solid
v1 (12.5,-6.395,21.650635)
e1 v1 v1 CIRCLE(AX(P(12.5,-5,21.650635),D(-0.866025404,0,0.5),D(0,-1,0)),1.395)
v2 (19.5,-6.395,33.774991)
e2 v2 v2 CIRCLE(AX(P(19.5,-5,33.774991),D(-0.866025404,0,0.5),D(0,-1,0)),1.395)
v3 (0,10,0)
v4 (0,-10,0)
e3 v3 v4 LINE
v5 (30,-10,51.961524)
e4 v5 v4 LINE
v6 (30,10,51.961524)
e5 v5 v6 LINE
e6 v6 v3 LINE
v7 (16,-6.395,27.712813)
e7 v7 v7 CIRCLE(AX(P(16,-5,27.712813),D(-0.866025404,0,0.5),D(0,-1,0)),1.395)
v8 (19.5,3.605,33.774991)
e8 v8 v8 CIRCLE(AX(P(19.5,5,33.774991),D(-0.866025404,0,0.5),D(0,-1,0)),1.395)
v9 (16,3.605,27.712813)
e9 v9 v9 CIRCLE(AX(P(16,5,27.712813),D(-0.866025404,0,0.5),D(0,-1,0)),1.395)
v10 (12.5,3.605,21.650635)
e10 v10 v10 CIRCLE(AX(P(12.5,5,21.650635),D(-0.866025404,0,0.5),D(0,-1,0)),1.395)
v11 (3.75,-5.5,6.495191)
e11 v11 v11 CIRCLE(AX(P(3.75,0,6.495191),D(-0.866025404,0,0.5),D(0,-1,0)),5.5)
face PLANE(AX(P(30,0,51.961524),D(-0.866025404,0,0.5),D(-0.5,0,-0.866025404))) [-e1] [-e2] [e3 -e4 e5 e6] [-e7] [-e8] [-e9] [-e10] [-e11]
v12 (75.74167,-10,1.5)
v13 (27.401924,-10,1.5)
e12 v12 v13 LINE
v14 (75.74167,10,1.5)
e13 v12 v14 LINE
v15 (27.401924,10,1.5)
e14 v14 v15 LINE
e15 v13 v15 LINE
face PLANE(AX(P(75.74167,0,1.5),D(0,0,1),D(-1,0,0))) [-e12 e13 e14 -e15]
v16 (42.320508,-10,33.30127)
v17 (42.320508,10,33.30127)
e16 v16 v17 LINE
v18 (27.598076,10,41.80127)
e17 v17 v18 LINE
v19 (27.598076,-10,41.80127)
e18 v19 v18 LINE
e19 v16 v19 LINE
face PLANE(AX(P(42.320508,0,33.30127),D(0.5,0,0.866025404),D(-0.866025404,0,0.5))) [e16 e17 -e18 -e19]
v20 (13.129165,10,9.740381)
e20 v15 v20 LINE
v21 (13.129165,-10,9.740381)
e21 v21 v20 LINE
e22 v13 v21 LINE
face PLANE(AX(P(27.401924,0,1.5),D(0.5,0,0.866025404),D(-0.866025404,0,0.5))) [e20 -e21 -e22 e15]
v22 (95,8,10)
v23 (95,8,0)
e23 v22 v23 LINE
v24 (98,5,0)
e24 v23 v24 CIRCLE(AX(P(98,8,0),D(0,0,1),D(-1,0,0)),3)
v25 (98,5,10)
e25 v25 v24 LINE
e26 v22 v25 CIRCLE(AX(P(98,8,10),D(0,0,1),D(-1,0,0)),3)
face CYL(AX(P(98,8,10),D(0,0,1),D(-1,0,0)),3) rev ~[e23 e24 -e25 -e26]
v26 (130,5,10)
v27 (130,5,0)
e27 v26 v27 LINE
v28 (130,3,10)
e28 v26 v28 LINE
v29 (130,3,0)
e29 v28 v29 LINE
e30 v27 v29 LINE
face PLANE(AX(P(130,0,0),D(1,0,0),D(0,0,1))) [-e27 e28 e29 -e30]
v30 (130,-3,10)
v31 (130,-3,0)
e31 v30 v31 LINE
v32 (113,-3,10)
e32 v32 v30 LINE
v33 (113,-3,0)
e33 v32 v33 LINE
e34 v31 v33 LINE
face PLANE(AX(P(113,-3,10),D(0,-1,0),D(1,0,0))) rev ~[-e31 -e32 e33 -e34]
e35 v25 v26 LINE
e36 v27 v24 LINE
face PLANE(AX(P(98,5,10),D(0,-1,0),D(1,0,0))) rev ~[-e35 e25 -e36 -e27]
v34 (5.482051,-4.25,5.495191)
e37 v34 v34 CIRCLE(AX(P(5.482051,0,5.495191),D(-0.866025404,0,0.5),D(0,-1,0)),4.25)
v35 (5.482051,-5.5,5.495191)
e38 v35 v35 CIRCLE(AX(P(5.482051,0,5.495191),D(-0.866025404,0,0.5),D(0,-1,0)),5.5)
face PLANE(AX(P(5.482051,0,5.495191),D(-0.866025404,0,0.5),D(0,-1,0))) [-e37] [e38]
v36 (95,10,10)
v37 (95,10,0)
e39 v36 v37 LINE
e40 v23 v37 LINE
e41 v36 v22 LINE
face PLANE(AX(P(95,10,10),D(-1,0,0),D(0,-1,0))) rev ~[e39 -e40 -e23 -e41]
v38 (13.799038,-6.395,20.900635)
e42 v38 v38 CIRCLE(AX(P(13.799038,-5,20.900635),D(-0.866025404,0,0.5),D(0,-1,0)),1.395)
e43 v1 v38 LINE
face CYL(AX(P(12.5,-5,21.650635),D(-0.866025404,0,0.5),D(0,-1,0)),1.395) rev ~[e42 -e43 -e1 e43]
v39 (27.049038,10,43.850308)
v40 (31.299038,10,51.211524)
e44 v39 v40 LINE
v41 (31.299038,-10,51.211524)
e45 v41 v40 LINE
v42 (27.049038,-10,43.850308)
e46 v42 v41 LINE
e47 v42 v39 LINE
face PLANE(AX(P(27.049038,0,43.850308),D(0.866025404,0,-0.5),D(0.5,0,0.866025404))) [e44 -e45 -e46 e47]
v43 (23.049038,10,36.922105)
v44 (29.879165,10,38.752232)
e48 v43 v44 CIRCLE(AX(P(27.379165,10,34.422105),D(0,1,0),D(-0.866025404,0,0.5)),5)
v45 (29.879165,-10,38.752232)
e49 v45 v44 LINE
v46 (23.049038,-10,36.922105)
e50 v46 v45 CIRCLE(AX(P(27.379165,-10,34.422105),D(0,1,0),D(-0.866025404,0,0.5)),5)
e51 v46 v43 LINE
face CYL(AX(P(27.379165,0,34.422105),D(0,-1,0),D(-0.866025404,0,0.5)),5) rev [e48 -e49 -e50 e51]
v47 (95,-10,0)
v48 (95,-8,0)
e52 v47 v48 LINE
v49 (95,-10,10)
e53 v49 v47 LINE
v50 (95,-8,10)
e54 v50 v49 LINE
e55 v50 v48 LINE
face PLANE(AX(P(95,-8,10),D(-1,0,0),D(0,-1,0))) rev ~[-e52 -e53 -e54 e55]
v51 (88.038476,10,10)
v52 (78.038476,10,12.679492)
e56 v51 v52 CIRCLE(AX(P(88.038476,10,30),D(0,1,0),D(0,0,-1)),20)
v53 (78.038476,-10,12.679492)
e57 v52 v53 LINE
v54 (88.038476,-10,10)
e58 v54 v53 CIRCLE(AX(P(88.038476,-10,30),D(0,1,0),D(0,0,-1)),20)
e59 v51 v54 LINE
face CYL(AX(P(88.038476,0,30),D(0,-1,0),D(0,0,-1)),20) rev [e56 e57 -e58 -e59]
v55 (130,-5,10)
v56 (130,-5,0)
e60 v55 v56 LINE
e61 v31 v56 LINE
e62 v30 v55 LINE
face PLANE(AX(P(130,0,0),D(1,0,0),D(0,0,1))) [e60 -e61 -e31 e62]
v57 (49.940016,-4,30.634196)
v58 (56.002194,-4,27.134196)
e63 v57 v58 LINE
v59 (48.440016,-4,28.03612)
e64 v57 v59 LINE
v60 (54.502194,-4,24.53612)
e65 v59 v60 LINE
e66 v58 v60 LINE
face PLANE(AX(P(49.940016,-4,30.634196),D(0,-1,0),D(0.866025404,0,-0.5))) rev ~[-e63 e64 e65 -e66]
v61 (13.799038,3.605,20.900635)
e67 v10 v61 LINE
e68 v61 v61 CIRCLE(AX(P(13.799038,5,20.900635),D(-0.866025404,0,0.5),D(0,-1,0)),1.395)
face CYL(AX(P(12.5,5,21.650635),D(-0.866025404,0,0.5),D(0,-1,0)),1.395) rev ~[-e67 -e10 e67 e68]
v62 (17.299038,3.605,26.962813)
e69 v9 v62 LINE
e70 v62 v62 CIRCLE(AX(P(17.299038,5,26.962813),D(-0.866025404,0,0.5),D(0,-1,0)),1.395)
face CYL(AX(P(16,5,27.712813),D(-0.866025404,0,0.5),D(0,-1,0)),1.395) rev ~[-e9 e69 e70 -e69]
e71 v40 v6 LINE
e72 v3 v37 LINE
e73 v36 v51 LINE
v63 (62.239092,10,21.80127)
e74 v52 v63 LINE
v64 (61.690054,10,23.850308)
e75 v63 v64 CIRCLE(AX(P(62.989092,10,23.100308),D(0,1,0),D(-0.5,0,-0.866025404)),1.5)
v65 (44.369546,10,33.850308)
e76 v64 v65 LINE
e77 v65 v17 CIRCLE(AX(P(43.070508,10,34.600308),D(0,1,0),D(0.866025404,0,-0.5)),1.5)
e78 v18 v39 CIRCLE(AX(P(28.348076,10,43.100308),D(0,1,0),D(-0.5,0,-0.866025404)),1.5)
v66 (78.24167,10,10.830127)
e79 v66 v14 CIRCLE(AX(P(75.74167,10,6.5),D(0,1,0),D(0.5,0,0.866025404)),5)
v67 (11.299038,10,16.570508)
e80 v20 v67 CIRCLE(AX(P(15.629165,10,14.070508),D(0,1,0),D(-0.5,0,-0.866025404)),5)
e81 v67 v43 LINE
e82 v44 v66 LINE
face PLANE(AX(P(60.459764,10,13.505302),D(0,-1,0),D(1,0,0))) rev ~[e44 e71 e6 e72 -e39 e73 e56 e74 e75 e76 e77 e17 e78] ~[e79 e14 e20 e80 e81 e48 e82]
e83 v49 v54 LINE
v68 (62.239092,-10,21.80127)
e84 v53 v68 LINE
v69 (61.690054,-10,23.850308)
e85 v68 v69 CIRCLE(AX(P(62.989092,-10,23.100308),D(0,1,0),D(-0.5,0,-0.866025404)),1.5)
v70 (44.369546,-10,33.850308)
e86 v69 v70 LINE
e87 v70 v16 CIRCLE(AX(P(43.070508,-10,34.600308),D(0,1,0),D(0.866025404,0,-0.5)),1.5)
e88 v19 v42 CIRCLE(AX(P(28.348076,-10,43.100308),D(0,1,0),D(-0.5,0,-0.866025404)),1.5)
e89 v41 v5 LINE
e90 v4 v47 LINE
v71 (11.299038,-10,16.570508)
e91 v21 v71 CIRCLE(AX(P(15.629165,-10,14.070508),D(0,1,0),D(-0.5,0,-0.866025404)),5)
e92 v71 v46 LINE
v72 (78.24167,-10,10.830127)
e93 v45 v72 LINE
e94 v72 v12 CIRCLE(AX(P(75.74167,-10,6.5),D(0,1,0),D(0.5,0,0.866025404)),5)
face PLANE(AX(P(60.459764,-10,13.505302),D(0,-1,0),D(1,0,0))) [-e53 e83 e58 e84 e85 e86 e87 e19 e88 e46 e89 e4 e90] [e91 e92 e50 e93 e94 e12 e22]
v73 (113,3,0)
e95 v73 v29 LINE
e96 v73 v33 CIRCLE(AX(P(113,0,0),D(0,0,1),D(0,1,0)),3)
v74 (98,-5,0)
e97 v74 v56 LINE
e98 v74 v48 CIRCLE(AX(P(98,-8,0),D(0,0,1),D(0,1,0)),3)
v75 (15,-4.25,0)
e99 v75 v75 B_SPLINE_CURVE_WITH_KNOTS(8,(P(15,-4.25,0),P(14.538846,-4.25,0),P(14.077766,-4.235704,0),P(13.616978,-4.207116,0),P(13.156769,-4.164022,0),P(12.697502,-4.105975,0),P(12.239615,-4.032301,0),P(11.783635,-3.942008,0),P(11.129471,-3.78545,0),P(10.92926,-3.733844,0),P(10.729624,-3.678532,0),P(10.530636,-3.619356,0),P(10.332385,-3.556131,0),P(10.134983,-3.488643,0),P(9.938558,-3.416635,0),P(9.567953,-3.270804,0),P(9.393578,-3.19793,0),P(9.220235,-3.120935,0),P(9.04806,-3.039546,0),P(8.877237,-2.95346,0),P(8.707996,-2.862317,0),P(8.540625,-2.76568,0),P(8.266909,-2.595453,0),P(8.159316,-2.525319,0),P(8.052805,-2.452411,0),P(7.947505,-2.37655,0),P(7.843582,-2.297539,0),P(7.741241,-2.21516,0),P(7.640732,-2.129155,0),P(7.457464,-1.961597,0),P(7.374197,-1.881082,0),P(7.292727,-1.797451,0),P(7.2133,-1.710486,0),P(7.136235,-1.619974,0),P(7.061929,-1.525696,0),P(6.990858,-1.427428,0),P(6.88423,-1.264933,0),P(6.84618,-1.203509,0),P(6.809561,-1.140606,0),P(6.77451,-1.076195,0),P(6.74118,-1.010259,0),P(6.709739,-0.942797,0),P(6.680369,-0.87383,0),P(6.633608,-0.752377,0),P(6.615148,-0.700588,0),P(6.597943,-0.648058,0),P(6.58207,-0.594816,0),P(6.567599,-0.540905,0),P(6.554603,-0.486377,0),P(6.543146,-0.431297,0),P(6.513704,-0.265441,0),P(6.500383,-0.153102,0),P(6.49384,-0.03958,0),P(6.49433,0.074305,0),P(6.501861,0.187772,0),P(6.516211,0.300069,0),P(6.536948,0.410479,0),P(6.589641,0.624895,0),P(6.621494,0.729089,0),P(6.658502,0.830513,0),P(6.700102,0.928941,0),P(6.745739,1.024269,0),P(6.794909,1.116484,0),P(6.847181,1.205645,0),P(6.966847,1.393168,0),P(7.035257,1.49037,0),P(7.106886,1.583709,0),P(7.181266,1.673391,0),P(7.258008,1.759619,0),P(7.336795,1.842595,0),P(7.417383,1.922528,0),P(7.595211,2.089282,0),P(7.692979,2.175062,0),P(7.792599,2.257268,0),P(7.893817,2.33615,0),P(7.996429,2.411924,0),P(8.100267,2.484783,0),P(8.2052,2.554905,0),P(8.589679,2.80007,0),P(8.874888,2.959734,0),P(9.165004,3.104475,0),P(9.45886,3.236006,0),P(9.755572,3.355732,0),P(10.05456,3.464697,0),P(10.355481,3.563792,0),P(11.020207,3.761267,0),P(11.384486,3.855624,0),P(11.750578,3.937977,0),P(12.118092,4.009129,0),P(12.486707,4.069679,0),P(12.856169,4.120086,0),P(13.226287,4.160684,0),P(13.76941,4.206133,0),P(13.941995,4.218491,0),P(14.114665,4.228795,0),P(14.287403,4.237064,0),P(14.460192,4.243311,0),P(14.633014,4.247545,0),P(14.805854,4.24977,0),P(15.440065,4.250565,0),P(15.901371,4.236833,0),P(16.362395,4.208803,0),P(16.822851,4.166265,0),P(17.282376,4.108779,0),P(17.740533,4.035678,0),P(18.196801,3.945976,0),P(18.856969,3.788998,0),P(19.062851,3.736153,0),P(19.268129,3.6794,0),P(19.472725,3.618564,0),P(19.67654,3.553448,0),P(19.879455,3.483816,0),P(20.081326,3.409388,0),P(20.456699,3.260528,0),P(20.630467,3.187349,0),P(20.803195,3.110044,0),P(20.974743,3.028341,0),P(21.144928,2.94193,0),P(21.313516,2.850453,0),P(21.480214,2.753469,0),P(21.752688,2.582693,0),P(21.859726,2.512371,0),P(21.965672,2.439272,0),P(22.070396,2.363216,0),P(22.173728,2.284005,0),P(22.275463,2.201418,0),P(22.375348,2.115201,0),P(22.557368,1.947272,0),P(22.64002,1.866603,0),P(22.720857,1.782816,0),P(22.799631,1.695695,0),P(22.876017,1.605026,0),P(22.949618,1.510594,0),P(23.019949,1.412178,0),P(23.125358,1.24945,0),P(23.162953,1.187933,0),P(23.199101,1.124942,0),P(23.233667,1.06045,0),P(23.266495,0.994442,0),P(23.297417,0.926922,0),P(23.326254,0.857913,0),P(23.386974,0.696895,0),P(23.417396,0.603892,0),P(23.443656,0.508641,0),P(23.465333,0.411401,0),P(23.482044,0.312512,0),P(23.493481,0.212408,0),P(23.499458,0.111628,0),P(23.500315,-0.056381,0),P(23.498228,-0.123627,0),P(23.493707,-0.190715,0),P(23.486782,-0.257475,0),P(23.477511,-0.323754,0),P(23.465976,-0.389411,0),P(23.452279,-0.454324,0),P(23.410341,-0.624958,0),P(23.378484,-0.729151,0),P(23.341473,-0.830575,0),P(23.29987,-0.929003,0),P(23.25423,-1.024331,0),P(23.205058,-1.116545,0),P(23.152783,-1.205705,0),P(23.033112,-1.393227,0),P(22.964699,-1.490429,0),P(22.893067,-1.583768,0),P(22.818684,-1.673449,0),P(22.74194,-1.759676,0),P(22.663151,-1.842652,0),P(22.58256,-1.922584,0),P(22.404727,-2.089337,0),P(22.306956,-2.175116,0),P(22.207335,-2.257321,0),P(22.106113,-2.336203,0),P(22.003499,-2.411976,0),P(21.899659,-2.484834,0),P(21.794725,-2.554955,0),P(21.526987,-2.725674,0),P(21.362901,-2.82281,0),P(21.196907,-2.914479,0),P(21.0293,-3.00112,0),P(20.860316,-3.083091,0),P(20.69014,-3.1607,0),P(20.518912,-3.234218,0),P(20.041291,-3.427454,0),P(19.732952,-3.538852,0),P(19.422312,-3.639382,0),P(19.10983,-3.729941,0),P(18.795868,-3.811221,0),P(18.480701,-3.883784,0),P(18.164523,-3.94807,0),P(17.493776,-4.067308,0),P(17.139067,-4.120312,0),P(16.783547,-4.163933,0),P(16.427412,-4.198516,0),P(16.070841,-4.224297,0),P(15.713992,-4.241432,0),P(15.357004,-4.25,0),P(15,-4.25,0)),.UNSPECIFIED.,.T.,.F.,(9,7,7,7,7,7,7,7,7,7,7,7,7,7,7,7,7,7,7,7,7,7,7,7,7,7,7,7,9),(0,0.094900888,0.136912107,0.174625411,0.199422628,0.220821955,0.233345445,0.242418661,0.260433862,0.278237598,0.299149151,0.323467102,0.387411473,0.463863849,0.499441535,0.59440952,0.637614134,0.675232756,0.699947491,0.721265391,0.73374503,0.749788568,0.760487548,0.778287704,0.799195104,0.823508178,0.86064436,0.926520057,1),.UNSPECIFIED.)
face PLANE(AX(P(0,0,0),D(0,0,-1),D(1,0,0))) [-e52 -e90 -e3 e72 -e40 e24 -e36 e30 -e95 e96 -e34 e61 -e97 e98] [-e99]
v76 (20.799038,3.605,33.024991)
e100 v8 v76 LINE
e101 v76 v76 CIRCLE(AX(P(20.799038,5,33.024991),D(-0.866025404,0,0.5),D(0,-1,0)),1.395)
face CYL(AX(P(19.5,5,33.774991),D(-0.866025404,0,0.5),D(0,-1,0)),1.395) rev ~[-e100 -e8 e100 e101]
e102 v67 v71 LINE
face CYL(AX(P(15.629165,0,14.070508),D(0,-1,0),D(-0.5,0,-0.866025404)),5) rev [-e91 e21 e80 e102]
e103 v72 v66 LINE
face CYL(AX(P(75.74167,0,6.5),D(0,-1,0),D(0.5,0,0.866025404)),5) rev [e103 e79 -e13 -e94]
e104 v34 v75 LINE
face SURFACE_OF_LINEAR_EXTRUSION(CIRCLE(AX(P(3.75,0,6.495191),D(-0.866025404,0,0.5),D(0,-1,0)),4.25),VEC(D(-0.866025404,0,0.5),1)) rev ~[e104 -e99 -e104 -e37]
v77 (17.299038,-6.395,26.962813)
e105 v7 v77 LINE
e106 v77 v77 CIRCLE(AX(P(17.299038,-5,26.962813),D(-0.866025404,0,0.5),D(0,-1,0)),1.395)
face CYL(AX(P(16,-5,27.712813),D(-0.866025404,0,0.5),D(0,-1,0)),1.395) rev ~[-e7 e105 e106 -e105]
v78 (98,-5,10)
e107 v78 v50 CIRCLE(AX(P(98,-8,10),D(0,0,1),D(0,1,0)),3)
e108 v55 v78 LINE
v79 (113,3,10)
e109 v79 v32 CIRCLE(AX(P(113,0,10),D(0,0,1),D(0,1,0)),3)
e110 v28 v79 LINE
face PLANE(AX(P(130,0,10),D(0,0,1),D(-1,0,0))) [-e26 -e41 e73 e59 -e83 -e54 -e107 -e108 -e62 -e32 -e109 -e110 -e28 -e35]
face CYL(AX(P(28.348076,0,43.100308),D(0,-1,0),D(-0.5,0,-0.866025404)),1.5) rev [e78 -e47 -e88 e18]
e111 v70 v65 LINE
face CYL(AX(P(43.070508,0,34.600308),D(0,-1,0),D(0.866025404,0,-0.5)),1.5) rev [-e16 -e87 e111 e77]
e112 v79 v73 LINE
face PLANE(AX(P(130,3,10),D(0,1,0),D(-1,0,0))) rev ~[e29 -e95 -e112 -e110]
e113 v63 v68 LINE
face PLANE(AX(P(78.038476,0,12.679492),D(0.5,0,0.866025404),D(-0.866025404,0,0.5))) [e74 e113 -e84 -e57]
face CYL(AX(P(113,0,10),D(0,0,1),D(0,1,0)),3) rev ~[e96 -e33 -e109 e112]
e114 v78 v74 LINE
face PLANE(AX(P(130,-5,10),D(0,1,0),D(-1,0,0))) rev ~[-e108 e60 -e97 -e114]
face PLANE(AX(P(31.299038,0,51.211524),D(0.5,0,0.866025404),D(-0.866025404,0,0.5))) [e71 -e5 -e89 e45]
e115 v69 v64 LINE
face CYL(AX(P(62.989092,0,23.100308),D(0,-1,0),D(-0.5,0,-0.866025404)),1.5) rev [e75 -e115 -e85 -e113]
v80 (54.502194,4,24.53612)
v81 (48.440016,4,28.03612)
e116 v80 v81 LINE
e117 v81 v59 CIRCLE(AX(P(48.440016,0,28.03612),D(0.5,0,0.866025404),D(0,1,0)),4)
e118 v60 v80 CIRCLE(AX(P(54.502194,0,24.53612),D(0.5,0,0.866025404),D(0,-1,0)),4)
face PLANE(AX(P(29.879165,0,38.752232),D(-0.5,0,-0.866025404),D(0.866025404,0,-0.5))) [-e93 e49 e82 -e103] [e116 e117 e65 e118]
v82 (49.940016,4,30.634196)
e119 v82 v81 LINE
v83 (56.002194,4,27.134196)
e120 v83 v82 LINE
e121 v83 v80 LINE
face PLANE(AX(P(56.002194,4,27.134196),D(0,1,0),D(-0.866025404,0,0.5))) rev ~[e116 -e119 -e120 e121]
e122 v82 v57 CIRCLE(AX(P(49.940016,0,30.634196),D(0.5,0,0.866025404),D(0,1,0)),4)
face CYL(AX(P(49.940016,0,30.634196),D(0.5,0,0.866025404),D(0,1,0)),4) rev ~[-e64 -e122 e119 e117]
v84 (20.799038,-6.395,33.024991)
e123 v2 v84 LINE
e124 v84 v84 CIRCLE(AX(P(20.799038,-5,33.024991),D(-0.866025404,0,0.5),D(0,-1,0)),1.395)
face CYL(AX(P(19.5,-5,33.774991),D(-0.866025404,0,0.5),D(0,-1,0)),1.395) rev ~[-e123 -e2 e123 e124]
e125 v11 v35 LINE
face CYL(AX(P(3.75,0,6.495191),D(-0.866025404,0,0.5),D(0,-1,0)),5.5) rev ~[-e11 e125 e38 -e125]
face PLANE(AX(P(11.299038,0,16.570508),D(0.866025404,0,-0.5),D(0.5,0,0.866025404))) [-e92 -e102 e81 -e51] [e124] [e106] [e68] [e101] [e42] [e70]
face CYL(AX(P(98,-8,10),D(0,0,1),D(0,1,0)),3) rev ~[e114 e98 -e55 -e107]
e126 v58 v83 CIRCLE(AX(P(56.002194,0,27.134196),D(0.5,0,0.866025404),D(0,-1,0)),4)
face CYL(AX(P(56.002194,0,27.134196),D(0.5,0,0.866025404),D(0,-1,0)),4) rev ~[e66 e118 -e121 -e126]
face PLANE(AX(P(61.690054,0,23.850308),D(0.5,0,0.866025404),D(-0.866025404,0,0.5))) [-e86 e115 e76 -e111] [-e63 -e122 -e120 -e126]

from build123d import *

# Parameters (mm, degrees)
F1_DEPTH  = 10
F3_DEPTH  = 10.001
F4_R      = 5.5
F4_R_2    = 4.25
F5_DEPTH  = 2
F6_DEPTH  = 112.584302492
F7_R      = 1.395
F8_DEPTH  = 1.5
F9_DEPTH  = 25
F11_DEPTH = 3


with BuildPart() as f1:
    # F0 (on Front) → F1 (new body, symmetric)
    with BuildSketch(Plane.XZ):
        with BuildLine():
            Line((30, 51.9615242271), (0, 0))
            Line((0, 0), (130, 0))
            Line((130, 0), (130, 10))
            Line((130, 10), (88.0384757729, 10))
            ThreePointArc((88.0384757729, 10), (82.8620948709, 10.6814834742), (78.0384757729, 12.6794919243))
            Line((78.0384757729, 12.6794919243), (62.2390923627, 21.8012701892))
            ThreePointArc((62.2390923627, 21.8012701892), (61.5402036233, 22.7120797272), (61.6900542571, 23.8503082949))
            Line((61.6900542571, 23.8503082949), (44.3695461814, 33.8503082949))
            ThreePointArc((44.3695461814, 33.8503082949), (43.4587366433, 33.1514195555), (42.3205080757, 33.3012701892))
            Line((42.3205080757, 33.3012701892), (27.5980762114, 41.8012701892))
            ThreePointArc((27.5980762114, 41.8012701892), (26.8991874719, 42.7120797272), (27.0490381057, 43.8503082949))
            Line((27.0490381057, 43.8503082949), (31.2990381057, 51.2115242271))
            Line((31.2990381057, 51.2115242271), (30, 51.9615242271))
        make_face()
        with BuildLine():
            Line((11.2990381057, 16.5705080757), (23.0490381057, 36.9221050646))
            ThreePointArc((23.0490381057, 36.9221050646), (26.0850698991, 39.2517341961), (29.8791651246, 38.7522320835))
            Line((29.8791651246, 38.7522320835), (78.2416697508, 10.8301270189))
            ThreePointArc((78.2416697508, 10.8301270189), (80.5712988822, 5.2059047745), (75.7416697508, 1.5))
            Line((75.7416697508, 1.5), (27.4019237886, 1.5))
            Line((27.4019237886, 1.5), (13.1291651246, 9.7403810568))
            ThreePointArc((13.1291651246, 9.7403810568), (10.7995359932, 12.7764128502), (11.2990381057, 16.5705080757))
        make_face(mode=Mode.SUBTRACT)
    extrude(amount=F1_DEPTH, both=True)

    # F2 (on face) → F3 (cut, through all)
    with BuildSketch(Plane.XY.offset(10)):
        with BuildLine():
            Line((130, -10), (130, -5))
            Line((130, -5), (98, -5))
            ThreePointArc((98, -5), (95.8786796564, -5.8786796564), (95, -8))
            Line((95, -8), (95, -10))
            Line((95, -10), (130, -10))
        make_face()
        with BuildLine():
            Line((130, -3), (130, 3))
            Line((130, 3), (113, 3))
            ThreePointArc((113, 3), (110, 0), (113, -3))
            Line((113, -3), (130, -3))
        make_face()
        with BuildLine():
            Line((98, 5), (130, 5))
            Line((130, 5), (130, 10))
            Line((130, 10), (95, 10))
            Line((95, 10), (95, 8))
            ThreePointArc((95, 8), (95.8786796564, 5.8786796564), (98, 5))
        make_face()
    extrude(amount=-F3_DEPTH, mode=Mode.SUBTRACT)

    # F4 (on face) → F5 (cut)
    with BuildSketch(Plane(origin=(0, 0, 0), x_dir=(0, -1, 0), z_dir=(-0.8660254038, 0, 0.5))):
        with Locations((0, 7.5)):
            Circle(F4_R)
        with Locations((0, 7.5)):
            Circle(F4_R_2, mode=Mode.SUBTRACT)
    extrude(amount=-F5_DEPTH, mode=Mode.SUBTRACT)

    # F6 (cut, through all): a face of the model
    f6_faces = [f1.faces().sort_by_distance(p)[0] for p in [
        (3.75, 0, 6.4951905284),
    ]]
    extrude(f6_faces, amount=-F6_DEPTH, mode=Mode.SUBTRACT)

    # F7 (on face) → F8 (cut, through all)
    with BuildSketch(Plane(origin=(0, 0, 0), x_dir=(0, -1, 0), z_dir=(-0.8660254038, 0, 0.5))):
        with Locations((-5, 32)):
            Circle(F7_R)
        with Locations((-5, 25)):
            Circle(F7_R)
        with Locations((-5, 39)):
            Circle(F7_R)
    extrude(amount=-F8_DEPTH, mode=Mode.SUBTRACT)

    # F7 (on face) → F9 (cut)
    with BuildSketch(Plane(origin=(0, 0, 0), x_dir=(0, -1, 0), z_dir=(-0.8660254038, 0, 0.5))):
        with Locations((-5, 25)):
            Circle(F7_R)
        with Locations((-5, 32)):
            Circle(F7_R)
        with Locations((-5, 39)):
            Circle(F7_R)
        with Locations((5, 39)):
            Circle(F7_R)
        with Locations((5, 32)):
            Circle(F7_R)
        with Locations((5, 25)):
            Circle(F7_R)
    extrude(amount=-F9_DEPTH, mode=Mode.SUBTRACT)

    # F10 (on face) → F11 (cut, through all)
    with BuildSketch(Plane(origin=(25.75, 0, 44.6003082949), x_dir=(0.8660254038, 0, -0.5), z_dir=(0.5, 0, 0.8660254038))):
        with BuildLine():
            ThreePointArc((27.9322247952, 4), (23.9322247952, 0), (27.9322247952, -4))
            Line((27.9322247952, -4), (34.9322247952, -4))
            ThreePointArc((34.9322247952, -4), (38.9322247952, 0), (34.9322247952, 4))
            Line((34.9322247952, 4), (27.9322247952, 4))
        make_face()
    extrude(amount=-F11_DEPTH, mode=Mode.SUBTRACT)


solid = f1.part
